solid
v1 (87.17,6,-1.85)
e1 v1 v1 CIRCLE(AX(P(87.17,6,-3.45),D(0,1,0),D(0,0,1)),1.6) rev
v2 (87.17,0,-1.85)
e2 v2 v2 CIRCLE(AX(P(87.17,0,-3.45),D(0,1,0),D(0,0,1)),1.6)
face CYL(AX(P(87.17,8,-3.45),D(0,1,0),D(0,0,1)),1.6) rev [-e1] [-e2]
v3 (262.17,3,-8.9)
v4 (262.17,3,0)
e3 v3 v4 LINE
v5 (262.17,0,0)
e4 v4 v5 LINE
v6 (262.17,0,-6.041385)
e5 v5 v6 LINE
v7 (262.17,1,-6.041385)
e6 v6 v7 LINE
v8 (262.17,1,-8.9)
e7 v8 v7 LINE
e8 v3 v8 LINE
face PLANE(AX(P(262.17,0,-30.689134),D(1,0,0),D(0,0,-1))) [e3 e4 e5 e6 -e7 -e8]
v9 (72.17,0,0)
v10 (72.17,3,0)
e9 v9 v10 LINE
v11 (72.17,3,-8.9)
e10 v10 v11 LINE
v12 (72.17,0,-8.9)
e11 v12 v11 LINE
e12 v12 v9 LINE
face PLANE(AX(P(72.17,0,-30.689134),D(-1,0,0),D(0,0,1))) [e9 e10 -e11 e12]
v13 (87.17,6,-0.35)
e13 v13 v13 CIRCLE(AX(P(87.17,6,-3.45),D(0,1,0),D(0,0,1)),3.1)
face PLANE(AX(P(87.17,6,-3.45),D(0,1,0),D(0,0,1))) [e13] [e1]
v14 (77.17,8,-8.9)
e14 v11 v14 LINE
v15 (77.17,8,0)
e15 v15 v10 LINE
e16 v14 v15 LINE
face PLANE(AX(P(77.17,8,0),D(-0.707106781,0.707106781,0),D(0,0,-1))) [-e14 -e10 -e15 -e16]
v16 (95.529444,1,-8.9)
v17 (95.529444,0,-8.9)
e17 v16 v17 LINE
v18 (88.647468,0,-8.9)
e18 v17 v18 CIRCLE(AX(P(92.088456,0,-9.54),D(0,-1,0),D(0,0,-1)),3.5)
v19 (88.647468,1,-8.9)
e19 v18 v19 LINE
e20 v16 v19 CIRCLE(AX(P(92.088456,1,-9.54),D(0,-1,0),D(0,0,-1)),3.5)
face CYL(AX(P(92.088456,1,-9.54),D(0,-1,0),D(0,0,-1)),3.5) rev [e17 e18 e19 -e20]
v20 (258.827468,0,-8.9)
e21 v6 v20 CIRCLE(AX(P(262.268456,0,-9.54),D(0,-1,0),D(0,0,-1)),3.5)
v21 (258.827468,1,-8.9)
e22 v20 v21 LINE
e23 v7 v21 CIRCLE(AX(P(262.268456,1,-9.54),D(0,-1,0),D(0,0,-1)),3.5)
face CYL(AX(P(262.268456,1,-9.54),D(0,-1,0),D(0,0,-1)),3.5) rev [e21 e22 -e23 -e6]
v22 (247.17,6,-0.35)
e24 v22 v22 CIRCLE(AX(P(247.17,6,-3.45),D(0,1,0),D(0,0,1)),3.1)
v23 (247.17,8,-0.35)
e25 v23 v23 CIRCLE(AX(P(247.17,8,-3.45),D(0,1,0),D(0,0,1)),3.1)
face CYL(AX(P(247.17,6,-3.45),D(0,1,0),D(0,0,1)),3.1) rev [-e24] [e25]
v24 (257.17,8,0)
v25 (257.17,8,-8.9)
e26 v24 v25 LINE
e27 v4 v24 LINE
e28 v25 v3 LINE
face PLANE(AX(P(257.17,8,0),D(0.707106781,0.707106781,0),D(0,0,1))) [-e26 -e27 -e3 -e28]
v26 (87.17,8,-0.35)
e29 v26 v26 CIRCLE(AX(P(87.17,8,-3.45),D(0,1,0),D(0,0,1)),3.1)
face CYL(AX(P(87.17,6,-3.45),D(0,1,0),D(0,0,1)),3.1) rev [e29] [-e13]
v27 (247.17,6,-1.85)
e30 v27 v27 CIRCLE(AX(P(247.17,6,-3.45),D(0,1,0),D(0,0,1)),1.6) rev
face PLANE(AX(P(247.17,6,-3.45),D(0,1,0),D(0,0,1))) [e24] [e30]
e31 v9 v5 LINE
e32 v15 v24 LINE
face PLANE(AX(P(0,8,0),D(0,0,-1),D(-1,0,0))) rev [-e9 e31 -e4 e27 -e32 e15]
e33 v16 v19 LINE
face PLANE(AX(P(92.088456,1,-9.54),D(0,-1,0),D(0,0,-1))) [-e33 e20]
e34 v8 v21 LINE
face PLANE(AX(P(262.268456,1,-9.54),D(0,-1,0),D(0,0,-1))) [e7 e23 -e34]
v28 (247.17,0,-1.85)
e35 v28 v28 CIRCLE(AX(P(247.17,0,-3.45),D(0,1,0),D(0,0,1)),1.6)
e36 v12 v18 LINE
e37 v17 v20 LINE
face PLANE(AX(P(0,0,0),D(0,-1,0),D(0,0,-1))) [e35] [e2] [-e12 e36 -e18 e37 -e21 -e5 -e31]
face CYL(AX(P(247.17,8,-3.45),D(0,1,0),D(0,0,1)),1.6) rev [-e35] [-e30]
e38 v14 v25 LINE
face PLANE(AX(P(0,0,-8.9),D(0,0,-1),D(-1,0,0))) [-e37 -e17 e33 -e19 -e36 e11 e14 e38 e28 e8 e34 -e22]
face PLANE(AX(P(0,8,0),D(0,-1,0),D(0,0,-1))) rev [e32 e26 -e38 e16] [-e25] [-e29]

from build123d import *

# Parameters (mm, degrees)
SKETCH_1_W              = 337.35
SKETCH_1_H              = 116.87
SKETCH_1_W_2            = 324.05
SKETCH_1_H_2            = 103.07
EXTRUDE_1_DEPTH         = 8
FILLET_1_R              = 5
HOLE_WIZARD_3_2_3_2_1_D = 3.2
SKETCH_5_W              = 32
SKETCH_5_H              = 1.5
CUT_EXTRUDE_1_DEPTH     = 355.911853
EXTRUDE_2_REACH         = 356.912
SKETCH_6_W              = 3
SKETCH_6_H              = 8
SKETCH_7_W              = 257.05
SKETCH_7_H              = 8
EXTRUDE_3_DEPTH         = 4
SKETCH_8_W              = 257.05
SKETCH_8_H              = 4
EXTRUDE_4_DEPTH         = 3
SKETCH_11_W             = 99.07
SKETCH_11_H             = 11
EXTRUDE_5_DEPTH         = 2
SKETCH_13_W             = 42
SKETCH_13_H             = 4.5
CUT_EXTRUDE_2_DEPTH     = 354.692894189
SKETCH_14_W             = 121.5
SKETCH_14_H             = 1.5
CUT_EXTRUDE_3_DEPTH     = 355.911853
SKETCH_16_W             = 32
SKETCH_16_H             = 6.5
EXTRUDE_7_DEPTH         = 4
SKETCH_17_W             = 103.07
SKETCH_17_H             = 3
CUT_EXTRUDE_4_DEPTH     = 0.1
EXTRUDE_8_DEPTH         = 2
SKETCH_19_W             = 70.55
SKETCH_19_H             = 2
SKETCH_19_W_2           = 95
EXTRUDE_9_DEPTH         = 3
SKETCH_20_R             = 3.5
CUT_EXTRUDE_5_DEPTH     = 4
SKETCH_21_R             = 3.1
CUT_EXTRUDE_6_DEPTH     = 2
EXTRUDE_10_DEPTH        = 2
EXTRUDE_10_DEPTH_BACK   = 3
SKETCH_22_W             = 6
SKETCH_22_H             = 6
SKETCH_22_R             = 1.5
SKETCH_23_W             = 10
SKETCH_23_H             = 1.5
SKETCH_23_W_2           = 15
CUT_EXTRUDE_7_DEPTH     = 6.9
SKETCH_24_W             = 103.07
SKETCH_24_H             = 3
CUT_EXTRUDE_8_DEPTH     = 358.110094229
SKETCH_25_W             = 402.768513644
SKETCH_25_H             = 192.082702388
SKETCH_25_W_2           = 190
SKETCH_25_H_2           = 48.964424343
CUT_EXTRUDE_9_DEPTH     = 358.110094229
CHAMFER_1_SIZE          = 5
SKETCH_26_W             = 121.5
SKETCH_26_H             = 8.9
EXTRUDE_11_DEPTH        = 1.5


with BuildPart() as part:
    # 草图1 → 凸台-拉伸1 (new body)
    with BuildSketch(Plane(origin=(0, 0, 0), x_dir=(1, 0, 0), z_dir=(0, 1, 0))):
        with Locations((168.675, 58.435)):
            Rectangle(SKETCH_1_W, SKETCH_1_H)
        with Locations((168.925, 58.435)):
            Rectangle(SKETCH_1_W_2, SKETCH_1_H_2, mode=Mode.SUBTRACT)
    extrude(amount=EXTRUDE_1_DEPTH)

    # 圆角1
    fillet_1_edges = [part.edges().sort_by_distance(p)[0] for p in [
        (0, 4, -116.87),
        (337.35, 4, -116.87),
        (337.35, 4, 0),
        (0, 4, 0),
    ]]
    fillet(fillet_1_edges, radius=FILLET_1_R)

    # Ø3.2 (3.2) 直径孔1 (through all)
    with Locations(Plane(origin=(0, 8, 0), x_dir=(1, 0, 0), z_dir=(0, 1, 0))):
        with Locations((3.45, 98.435), (87.17, 113.42), (247.17, 113.42), (334.15, 98.435), (334.15, 18.435), (247.17, 3.45), (87.17, 3.45), (3.45, 18.435)):
            Hole(HOLE_WIZARD_3_2_3_2_1_D / 2)

    # 草图5 → 切除-拉伸1 (cut, through all)
    with BuildSketch(Plane.XY.offset(-109.97)):
        with Locations((57.9, 0.75)):
            Rectangle(SKETCH_5_W, SKETCH_5_H)
    extrude(amount=-CUT_EXTRUDE_1_DEPTH, mode=Mode.SUBTRACT)

    # 草图6 → 凸台-拉伸2 (add, up to next)
    with BuildSketch(Plane.XY.offset(-109.97), mode=Mode.PRIVATE) as extrude_2_sk1:
        with Locations((40.4, 4)):
            Rectangle(SKETCH_6_W, SKETCH_6_H)
    extrude_2_tool1 = extrude(extrude_2_sk1.sketch, amount=EXTRUDE_2_REACH, mode=Mode.PRIVATE) - part.part
    add(extrude_2_tool1.solids().sort_by_distance((40.4, 4, -109.97))[0])

    # 草图7 → 凸台-拉伸3 (add)
    with BuildSketch(Plane.XY.offset(-109.97)):
        with Locations((202.425, 4)):
            Rectangle(SKETCH_7_W, SKETCH_7_H)
    extrude(amount=EXTRUDE_3_DEPTH)

    # 草图8 → 凸台-拉伸4 (add)
    with BuildSketch(Plane.XZ):
        with Locations((202.425, -107.97)):
            Rectangle(SKETCH_8_W, SKETCH_8_H)
    extrude(amount=EXTRUDE_4_DEPTH)

    # 草图11 → 凸台-拉伸5 (add)
    with BuildSketch(Plane.ZY.offset(-330.95)):
        with Locations((-56.435, 2.5)):
            Rectangle(SKETCH_11_W, SKETCH_11_H)
    extrude(amount=EXTRUDE_5_DEPTH)

    # 草图13 → 切除-拉伸2 (cut, through all)
    with BuildSketch(Plane.XY.offset(-105.97)):
        with Locations((307.95, -0.75)):
            Rectangle(SKETCH_13_W, SKETCH_13_H)
    extrude(amount=-CUT_EXTRUDE_2_DEPTH, mode=Mode.SUBTRACT)

    # 草图14 → 切除-拉伸3 (cut, through all)
    with BuildSketch(Plane(origin=(0, 0, -6.9), x_dir=(-1, 0, 0), z_dir=(0, 0, -1))):
        with Locations((-173.2, 0.75)):
            Rectangle(SKETCH_14_W, SKETCH_14_H)
    extrude(amount=-CUT_EXTRUDE_3_DEPTH, mode=Mode.SUBTRACT)

    # 草图16 → 凸台-拉伸7 (add)
    with BuildSketch(Plane.XY.offset(-109.97)):
        with Locations((57.9, 4.75)):
            Rectangle(SKETCH_16_W, SKETCH_16_H)
    extrude(amount=EXTRUDE_7_DEPTH)

    # 草图17 → 切除-拉伸4 (cut)
    with BuildSketch(Plane(origin=(330.95, 0, 0), x_dir=(0, 0, -1), z_dir=(1, 0, 0))):
        with Locations((58.435, -1.5)):
            Rectangle(SKETCH_17_W, SKETCH_17_H)
    extrude(amount=-CUT_EXTRUDE_4_DEPTH, mode=Mode.SUBTRACT)

    # 草图18 → 凸台-拉伸8 (add)
    with BuildSketch(Plane(origin=(0, 0, -6.9), x_dir=(-1, 0, 0), z_dir=(0, 0, -1))):
        Polygon((-233.95, 0), (-233.95, 1.5), (-112.45, 1.5), (-112.45, 0), (-41.9, 0), (-41.9, 8), (-328.95, 8), (-328.95, 0), align=None)
    extrude(amount=EXTRUDE_8_DEPTH)

    # 草图19 → 凸台-拉伸9 (add)
    with BuildSketch(Plane.XZ):
        with Locations((77.175, -7.9)):
            Rectangle(SKETCH_19_W, SKETCH_19_H)
        with Locations((281.45, -7.9)):
            Rectangle(SKETCH_19_W_2, SKETCH_19_H)
    extrude(amount=EXTRUDE_9_DEPTH)

    # 草图20 → 切除-拉伸5 (cut)
    with BuildSketch(Plane.XZ.offset(3)):
        with Locations((92.088456012, -9.54)):
            Circle(SKETCH_20_R)
        with Locations((262.268456012, -9.54)):
            Circle(SKETCH_20_R)
        with Locations((328.308456012, -13.35)):
            Circle(SKETCH_20_R)
        with Locations((328.308456012, -74.31)):
            Circle(SKETCH_20_R)
        with Locations((137.808456012, -107.33)):
            Circle(SKETCH_20_R)
        with Locations((22.238456012, -9.54)):
            Circle(SKETCH_20_R)
        with Locations((9.538456012, -23.51)):
            Circle(SKETCH_20_R)
        with Locations((9.538456012, -103.52)):
            Circle(SKETCH_20_R)
    extrude(amount=-CUT_EXTRUDE_5_DEPTH, mode=Mode.SUBTRACT)

    # 草图21 → 切除-拉伸6 (cut)
    with BuildSketch(Plane(origin=(0, 8, 0), x_dir=(1, 0, 0), z_dir=(0, 1, 0))):
        with Locations(Location((87.17, 113.42, 0), (0, 0, 270))):
            Circle(SKETCH_21_R)
        with Locations(Location((247.17, 113.42, 0), (0, 0, 270))):
            Circle(SKETCH_21_R)
        with Locations(Location((334.15, 98.435, 0), (0, 0, 270))):
            Circle(SKETCH_21_R)
        with Locations(Location((334.15, 18.435, 0), (0, 0, 270))):
            Circle(SKETCH_21_R)
        with Locations(Location((247.17, 3.45, 0), (0, 0, 270))):
            Circle(SKETCH_21_R)
        with Locations(Location((87.17, 3.45, 0), (0, 0, 270))):
            Circle(SKETCH_21_R)
        with Locations(Location((3.45, 18.435, 0), (0, 0, 270))):
            Circle(SKETCH_21_R)
        with Locations(Location((3.45, 98.435, 0), (0, 0, 270))):
            Circle(SKETCH_21_R)
    extrude(amount=-CUT_EXTRUDE_6_DEPTH, mode=Mode.SUBTRACT)

    # 草图22 → 凸台-拉伸10 (add, two sides: drawn at the far end of the back side and taken through both)
    # profile 1 of 4: a face of its own
    with BuildSketch(Plane(origin=(0, 4, 0), x_dir=(1, 0, 0), z_dir=(0, 1, 0)).offset(-EXTRUDE_10_DEPTH_BACK)):
        with Locations((9.9, 106.97)):
            Rectangle(SKETCH_22_W, SKETCH_22_H)
        with Locations(Location((9.9, 106.97, 0), (0, 0, 90))):
            Circle(SKETCH_22_R, mode=Mode.SUBTRACT)
    # profile 2 of 4: a face of its own
    with BuildSketch(Plane(origin=(0, 4, 0), x_dir=(1, 0, 0), z_dir=(0, 1, 0)).offset(-EXTRUDE_10_DEPTH_BACK)):
        with Locations((35.9, 106.97)):
            Rectangle(SKETCH_22_W, SKETCH_22_H)
        with Locations(Location((35.9, 106.97, 0), (0, 0, 90))):
            Circle(SKETCH_22_R, mode=Mode.SUBTRACT)
    # profile 3 of 4: a face of its own
    with BuildSketch(Plane(origin=(0, 4, 0), x_dir=(1, 0, 0), z_dir=(0, 1, 0)).offset(-EXTRUDE_10_DEPTH_BACK)):
        with Locations((9.9, 9.9)):
            Rectangle(SKETCH_22_W, SKETCH_22_H)
        with Locations(Location((9.9, 9.9, 0), (0, 0, 90))):
            Circle(SKETCH_22_R, mode=Mode.SUBTRACT)
    # profile 4 of 4: a face of its own
    with BuildSketch(Plane(origin=(0, 4, 0), x_dir=(1, 0, 0), z_dir=(0, 1, 0)).offset(-EXTRUDE_10_DEPTH_BACK)):
        with Locations((35.9, 9.9)):
            Rectangle(SKETCH_22_W, SKETCH_22_H)
        with Locations(Location((35.9, 9.9, 0), (0, 0, 90))):
            Circle(SKETCH_22_R, mode=Mode.SUBTRACT)
    extrude(amount=EXTRUDE_10_DEPTH + EXTRUDE_10_DEPTH_BACK)

    # 草图23 → 切除-拉伸7 (cut)
    with BuildSketch(Plane.ZY):
        with Locations((-63.435, 0.75)):
            Rectangle(SKETCH_23_W, SKETCH_23_H)
        with Locations((-50.935, 0.75)):
            Rectangle(SKETCH_23_W_2, SKETCH_23_H)
    extrude(amount=-CUT_EXTRUDE_7_DEPTH, mode=Mode.SUBTRACT)

    # 草图24 → 切除-拉伸8 (cut, through all)
    with BuildSketch(Plane(origin=(337.35, 0, 0), x_dir=(0, 0, -1), z_dir=(1, 0, 0))):
        with Locations((58.435, -1.5)):
            Rectangle(SKETCH_24_W, SKETCH_24_H)
    extrude(amount=-CUT_EXTRUDE_8_DEPTH, mode=Mode.SUBTRACT)

    # 草图25 → 切除-拉伸9 (cut, through all)
    with BuildSketch(Plane(origin=(0, 8, 0), x_dir=(1, 0, 0), z_dir=(0, 1, 0))):
        with Locations((167.276381716, 50.966242561)):
            Rectangle(SKETCH_25_W, SKETCH_25_H)
        with Locations((167.17, 6.206921893)):
            Rectangle(SKETCH_25_W_2, SKETCH_25_H_2, mode=Mode.SUBTRACT)
    extrude(amount=-CUT_EXTRUDE_9_DEPTH, mode=Mode.SUBTRACT)

    # 倒角1
    chamfer_1_edges = [part.edges().sort_by_distance(p)[0] for p in [
        (72.17, 8, -4.45),
        (262.17, 8, -4.45),
    ]]
    chamfer(chamfer_1_edges, length=CHAMFER_1_SIZE)

    # 草图26 → 凸台-拉伸11 (add)
    with BuildSketch(Plane.XZ.offset(-1.5)):
        with Locations((173.2, -4.45)):
            Rectangle(SKETCH_26_W, SKETCH_26_H)
    extrude(amount=EXTRUDE_11_DEPTH)


solid = part.part
